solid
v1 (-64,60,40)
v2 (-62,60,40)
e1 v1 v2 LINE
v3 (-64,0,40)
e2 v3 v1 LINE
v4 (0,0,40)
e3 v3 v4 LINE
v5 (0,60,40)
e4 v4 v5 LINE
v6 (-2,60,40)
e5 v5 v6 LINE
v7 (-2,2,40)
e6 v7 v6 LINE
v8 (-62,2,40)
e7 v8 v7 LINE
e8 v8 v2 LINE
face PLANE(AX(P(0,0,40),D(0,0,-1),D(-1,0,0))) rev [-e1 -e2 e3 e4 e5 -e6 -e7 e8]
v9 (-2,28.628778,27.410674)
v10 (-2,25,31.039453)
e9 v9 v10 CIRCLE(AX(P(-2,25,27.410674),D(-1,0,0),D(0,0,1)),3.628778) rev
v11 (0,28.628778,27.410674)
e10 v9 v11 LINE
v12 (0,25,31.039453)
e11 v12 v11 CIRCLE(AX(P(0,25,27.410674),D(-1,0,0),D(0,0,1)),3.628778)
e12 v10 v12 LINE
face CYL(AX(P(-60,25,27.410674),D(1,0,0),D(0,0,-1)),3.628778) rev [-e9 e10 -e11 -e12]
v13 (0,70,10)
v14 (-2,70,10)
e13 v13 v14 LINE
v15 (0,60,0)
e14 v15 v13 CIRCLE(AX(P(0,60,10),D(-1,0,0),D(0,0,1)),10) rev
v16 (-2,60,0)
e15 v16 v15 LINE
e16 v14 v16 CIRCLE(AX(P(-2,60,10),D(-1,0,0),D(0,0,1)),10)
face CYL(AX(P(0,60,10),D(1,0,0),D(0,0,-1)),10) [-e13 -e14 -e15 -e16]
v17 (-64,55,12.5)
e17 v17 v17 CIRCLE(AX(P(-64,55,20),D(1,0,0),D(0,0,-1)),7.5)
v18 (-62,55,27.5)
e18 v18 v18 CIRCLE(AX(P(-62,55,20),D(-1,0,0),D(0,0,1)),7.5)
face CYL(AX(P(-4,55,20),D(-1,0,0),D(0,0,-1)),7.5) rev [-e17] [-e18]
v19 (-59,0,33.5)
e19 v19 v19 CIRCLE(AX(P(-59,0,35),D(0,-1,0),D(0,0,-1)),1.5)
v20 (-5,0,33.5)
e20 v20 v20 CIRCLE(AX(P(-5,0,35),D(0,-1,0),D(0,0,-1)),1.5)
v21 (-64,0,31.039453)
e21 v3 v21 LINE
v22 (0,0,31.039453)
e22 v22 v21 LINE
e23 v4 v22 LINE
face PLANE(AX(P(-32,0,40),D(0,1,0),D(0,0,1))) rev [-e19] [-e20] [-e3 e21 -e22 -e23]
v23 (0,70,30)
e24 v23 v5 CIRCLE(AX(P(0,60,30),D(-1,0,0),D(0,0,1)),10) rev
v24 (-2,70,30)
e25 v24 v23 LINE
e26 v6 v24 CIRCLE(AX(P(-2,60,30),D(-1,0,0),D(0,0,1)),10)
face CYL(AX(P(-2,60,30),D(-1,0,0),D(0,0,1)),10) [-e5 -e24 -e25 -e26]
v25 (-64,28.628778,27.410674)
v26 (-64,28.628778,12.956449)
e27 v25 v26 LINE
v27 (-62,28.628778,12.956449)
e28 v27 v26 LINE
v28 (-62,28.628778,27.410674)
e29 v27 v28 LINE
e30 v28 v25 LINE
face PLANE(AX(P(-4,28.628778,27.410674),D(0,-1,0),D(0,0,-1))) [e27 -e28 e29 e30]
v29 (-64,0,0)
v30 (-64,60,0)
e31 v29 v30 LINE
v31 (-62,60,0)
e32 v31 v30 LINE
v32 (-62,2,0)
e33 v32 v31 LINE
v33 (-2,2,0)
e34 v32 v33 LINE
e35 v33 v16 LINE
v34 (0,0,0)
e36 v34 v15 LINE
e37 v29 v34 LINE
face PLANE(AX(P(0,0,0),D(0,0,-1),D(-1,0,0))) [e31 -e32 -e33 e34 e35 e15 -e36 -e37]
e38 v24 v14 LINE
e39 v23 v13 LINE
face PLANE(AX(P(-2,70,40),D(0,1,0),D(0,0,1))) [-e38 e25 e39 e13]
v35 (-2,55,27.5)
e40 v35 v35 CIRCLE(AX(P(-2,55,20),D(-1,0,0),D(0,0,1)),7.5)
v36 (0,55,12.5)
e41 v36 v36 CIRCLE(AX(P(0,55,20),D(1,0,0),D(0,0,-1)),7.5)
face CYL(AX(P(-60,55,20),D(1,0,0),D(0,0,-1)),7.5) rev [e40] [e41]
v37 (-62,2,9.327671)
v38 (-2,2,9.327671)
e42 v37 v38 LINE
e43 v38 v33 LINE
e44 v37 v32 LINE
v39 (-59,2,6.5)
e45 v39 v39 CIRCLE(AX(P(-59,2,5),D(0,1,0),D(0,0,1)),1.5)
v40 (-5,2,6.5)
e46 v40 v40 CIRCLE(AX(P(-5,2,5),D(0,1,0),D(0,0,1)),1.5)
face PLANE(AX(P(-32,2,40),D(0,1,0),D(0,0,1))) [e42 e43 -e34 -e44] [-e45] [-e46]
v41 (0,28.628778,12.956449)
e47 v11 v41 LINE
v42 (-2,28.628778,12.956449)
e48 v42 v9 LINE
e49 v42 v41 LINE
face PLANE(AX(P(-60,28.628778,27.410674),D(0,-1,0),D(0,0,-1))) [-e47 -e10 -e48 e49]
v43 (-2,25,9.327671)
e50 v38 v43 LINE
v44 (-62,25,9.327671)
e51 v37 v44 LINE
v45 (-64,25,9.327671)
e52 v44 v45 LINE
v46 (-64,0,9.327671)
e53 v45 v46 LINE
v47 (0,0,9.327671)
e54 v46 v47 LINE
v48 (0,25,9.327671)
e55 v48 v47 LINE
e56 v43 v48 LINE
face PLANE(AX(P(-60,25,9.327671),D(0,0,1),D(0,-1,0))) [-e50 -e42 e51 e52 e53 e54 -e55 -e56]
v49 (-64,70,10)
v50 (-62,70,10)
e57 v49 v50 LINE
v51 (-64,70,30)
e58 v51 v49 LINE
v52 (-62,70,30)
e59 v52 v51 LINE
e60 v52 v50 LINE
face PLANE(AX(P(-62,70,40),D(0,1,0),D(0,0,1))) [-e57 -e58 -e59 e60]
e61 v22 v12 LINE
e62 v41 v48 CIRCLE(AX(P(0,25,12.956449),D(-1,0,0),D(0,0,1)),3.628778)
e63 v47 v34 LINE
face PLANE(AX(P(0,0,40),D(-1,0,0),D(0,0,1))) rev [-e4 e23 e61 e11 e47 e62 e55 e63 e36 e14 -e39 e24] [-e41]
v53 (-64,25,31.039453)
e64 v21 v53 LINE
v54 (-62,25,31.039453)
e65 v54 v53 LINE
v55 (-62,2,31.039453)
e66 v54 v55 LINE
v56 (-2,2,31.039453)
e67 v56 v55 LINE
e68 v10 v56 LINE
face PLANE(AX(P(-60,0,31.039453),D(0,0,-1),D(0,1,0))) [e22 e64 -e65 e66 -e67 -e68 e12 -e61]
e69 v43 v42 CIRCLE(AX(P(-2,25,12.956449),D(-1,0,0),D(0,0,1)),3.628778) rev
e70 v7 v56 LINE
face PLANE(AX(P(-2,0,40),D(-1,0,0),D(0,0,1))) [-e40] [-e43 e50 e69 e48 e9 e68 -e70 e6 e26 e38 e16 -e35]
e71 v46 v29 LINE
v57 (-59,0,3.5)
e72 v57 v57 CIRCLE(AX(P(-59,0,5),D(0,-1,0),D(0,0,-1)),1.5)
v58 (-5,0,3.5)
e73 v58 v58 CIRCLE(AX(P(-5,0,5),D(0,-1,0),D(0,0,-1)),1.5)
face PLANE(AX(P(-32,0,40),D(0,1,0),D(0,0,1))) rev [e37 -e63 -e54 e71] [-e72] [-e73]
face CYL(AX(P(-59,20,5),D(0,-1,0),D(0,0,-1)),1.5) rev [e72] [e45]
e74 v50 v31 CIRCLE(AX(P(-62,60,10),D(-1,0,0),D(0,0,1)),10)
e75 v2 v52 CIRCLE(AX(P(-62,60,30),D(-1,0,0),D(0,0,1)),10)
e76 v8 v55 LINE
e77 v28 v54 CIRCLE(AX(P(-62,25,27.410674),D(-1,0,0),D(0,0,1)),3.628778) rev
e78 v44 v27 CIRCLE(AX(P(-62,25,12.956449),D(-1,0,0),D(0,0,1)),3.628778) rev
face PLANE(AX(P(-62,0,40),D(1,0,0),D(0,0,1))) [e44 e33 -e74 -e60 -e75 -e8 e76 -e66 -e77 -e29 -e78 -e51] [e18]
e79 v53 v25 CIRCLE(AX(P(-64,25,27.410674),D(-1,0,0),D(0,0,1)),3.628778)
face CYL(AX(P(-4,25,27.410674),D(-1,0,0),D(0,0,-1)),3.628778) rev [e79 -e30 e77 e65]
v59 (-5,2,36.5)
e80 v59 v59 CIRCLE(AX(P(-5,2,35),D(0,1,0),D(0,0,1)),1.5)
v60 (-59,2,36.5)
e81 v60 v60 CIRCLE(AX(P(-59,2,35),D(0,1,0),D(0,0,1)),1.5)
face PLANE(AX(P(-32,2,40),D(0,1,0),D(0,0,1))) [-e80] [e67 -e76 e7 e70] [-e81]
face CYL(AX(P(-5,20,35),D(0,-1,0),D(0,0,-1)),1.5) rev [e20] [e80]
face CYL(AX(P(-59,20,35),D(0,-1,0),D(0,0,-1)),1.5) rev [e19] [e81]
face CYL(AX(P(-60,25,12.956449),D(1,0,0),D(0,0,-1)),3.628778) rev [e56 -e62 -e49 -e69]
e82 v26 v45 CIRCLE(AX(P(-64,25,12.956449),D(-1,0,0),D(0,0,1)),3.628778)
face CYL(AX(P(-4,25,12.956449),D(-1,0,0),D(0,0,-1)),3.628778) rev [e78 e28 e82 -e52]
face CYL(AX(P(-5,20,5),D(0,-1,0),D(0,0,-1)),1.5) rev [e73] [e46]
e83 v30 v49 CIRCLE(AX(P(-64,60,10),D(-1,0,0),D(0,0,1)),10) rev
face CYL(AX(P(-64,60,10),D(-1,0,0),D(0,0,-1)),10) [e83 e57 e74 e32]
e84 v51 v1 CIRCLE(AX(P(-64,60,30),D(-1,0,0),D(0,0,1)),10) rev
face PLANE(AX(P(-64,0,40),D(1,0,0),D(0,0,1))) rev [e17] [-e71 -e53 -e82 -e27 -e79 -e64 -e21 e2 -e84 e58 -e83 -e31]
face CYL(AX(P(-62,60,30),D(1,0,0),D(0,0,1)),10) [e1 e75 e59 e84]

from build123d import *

# Parameters (mm, degrees)
EXTRUDE_THIN1_DEPTH = 40
CUT_EXTRUDE2_DEPTH  = 60
FILLET1_R           = 10
SKETCH3_R           = 1.5
CUT_EXTRUDE4_DEPTH  = 20


with BuildPart() as part:
    # Sketch1 → Extrude-Thin1 (new body)
    with BuildSketch(Plane.XY):
        Polygon((-32, 0), (0, 0), (0, 70), (-2, 70), (-2, 2), (-32, 2), align=None)
    extrude(amount=EXTRUDE_THIN1_DEPTH)

    # Sketch2 → Cut-Extrude2 (cut)
    with BuildSketch(Plane(origin=(0, 0, 0), x_dir=(0, 0, -1), z_dir=(1, 0, 0))):
        with BuildLine():
            ThreePointArc((-20, 62.5), (-27.5, 55), (-20, 47.5))
            Line((-20, 47.5), (-20, 62.5))
        make_face()
        with BuildLine():
            Line((-20, 62.5), (-20, 47.5))
            ThreePointArc((-20, 47.5), (-14.696699141, 49.696699141), (-12.5, 55))
            ThreePointArc((-12.5, 55), (-14.696699141, 60.303300859), (-20, 62.5))
        make_face()
        with BuildLine():
            Line((-9.327670915, 25), (-9.327670915, 0))
            Line((-9.327670915, 0), (-31.039452712, 0))
            Line((-31.039452712, 0), (-31.039452712, 25))
            ThreePointArc((-31.039452712, 25), (-29.976608153, 27.56593375), (-27.410674402, 28.62877831))
            Line((-27.410674402, 28.62877831), (-12.956449225, 28.62877831))
            ThreePointArc((-12.956449225, 28.62877831), (-10.390515474, 27.56593375), (-9.327670915, 25))
        make_face()
    extrude(amount=-CUT_EXTRUDE2_DEPTH, mode=Mode.SUBTRACT)

    # Fillet1
    fillet1_edges = [part.edges().sort_by_distance(p)[0] for p in [
        (-1, 70, 0),
        (-1, 70, 40),
    ]]
    fillet(fillet1_edges, radius=FILLET1_R)

    # Mirror1: part across plane


with BuildPart() as part_1:
    add(part.part)
    add(part.part.mirror(Plane(origin=(-32, 0, 40), x_dir=(0, 0, 1), z_dir=(-1, 0, 0))))

    # Sketch3 → Cut-Extrude4 (cut)
    with BuildSketch(Plane.XZ):
        with Locations(Location((-59, 35, 0), (0, 0, 270))):
            Circle(SKETCH3_R)
        with Locations(Location((-5, 35, 0), (0, 0, 270))):
            Circle(SKETCH3_R)
        with Locations(Location((-5, 5, 0), (0, 0, 270))):
            Circle(SKETCH3_R)
        with Locations(Location((-59, 5, 0), (0, 0, 270))):
            Circle(SKETCH3_R)
    extrude(amount=-CUT_EXTRUDE4_DEPTH, mode=Mode.SUBTRACT)


solid = part_1.part
